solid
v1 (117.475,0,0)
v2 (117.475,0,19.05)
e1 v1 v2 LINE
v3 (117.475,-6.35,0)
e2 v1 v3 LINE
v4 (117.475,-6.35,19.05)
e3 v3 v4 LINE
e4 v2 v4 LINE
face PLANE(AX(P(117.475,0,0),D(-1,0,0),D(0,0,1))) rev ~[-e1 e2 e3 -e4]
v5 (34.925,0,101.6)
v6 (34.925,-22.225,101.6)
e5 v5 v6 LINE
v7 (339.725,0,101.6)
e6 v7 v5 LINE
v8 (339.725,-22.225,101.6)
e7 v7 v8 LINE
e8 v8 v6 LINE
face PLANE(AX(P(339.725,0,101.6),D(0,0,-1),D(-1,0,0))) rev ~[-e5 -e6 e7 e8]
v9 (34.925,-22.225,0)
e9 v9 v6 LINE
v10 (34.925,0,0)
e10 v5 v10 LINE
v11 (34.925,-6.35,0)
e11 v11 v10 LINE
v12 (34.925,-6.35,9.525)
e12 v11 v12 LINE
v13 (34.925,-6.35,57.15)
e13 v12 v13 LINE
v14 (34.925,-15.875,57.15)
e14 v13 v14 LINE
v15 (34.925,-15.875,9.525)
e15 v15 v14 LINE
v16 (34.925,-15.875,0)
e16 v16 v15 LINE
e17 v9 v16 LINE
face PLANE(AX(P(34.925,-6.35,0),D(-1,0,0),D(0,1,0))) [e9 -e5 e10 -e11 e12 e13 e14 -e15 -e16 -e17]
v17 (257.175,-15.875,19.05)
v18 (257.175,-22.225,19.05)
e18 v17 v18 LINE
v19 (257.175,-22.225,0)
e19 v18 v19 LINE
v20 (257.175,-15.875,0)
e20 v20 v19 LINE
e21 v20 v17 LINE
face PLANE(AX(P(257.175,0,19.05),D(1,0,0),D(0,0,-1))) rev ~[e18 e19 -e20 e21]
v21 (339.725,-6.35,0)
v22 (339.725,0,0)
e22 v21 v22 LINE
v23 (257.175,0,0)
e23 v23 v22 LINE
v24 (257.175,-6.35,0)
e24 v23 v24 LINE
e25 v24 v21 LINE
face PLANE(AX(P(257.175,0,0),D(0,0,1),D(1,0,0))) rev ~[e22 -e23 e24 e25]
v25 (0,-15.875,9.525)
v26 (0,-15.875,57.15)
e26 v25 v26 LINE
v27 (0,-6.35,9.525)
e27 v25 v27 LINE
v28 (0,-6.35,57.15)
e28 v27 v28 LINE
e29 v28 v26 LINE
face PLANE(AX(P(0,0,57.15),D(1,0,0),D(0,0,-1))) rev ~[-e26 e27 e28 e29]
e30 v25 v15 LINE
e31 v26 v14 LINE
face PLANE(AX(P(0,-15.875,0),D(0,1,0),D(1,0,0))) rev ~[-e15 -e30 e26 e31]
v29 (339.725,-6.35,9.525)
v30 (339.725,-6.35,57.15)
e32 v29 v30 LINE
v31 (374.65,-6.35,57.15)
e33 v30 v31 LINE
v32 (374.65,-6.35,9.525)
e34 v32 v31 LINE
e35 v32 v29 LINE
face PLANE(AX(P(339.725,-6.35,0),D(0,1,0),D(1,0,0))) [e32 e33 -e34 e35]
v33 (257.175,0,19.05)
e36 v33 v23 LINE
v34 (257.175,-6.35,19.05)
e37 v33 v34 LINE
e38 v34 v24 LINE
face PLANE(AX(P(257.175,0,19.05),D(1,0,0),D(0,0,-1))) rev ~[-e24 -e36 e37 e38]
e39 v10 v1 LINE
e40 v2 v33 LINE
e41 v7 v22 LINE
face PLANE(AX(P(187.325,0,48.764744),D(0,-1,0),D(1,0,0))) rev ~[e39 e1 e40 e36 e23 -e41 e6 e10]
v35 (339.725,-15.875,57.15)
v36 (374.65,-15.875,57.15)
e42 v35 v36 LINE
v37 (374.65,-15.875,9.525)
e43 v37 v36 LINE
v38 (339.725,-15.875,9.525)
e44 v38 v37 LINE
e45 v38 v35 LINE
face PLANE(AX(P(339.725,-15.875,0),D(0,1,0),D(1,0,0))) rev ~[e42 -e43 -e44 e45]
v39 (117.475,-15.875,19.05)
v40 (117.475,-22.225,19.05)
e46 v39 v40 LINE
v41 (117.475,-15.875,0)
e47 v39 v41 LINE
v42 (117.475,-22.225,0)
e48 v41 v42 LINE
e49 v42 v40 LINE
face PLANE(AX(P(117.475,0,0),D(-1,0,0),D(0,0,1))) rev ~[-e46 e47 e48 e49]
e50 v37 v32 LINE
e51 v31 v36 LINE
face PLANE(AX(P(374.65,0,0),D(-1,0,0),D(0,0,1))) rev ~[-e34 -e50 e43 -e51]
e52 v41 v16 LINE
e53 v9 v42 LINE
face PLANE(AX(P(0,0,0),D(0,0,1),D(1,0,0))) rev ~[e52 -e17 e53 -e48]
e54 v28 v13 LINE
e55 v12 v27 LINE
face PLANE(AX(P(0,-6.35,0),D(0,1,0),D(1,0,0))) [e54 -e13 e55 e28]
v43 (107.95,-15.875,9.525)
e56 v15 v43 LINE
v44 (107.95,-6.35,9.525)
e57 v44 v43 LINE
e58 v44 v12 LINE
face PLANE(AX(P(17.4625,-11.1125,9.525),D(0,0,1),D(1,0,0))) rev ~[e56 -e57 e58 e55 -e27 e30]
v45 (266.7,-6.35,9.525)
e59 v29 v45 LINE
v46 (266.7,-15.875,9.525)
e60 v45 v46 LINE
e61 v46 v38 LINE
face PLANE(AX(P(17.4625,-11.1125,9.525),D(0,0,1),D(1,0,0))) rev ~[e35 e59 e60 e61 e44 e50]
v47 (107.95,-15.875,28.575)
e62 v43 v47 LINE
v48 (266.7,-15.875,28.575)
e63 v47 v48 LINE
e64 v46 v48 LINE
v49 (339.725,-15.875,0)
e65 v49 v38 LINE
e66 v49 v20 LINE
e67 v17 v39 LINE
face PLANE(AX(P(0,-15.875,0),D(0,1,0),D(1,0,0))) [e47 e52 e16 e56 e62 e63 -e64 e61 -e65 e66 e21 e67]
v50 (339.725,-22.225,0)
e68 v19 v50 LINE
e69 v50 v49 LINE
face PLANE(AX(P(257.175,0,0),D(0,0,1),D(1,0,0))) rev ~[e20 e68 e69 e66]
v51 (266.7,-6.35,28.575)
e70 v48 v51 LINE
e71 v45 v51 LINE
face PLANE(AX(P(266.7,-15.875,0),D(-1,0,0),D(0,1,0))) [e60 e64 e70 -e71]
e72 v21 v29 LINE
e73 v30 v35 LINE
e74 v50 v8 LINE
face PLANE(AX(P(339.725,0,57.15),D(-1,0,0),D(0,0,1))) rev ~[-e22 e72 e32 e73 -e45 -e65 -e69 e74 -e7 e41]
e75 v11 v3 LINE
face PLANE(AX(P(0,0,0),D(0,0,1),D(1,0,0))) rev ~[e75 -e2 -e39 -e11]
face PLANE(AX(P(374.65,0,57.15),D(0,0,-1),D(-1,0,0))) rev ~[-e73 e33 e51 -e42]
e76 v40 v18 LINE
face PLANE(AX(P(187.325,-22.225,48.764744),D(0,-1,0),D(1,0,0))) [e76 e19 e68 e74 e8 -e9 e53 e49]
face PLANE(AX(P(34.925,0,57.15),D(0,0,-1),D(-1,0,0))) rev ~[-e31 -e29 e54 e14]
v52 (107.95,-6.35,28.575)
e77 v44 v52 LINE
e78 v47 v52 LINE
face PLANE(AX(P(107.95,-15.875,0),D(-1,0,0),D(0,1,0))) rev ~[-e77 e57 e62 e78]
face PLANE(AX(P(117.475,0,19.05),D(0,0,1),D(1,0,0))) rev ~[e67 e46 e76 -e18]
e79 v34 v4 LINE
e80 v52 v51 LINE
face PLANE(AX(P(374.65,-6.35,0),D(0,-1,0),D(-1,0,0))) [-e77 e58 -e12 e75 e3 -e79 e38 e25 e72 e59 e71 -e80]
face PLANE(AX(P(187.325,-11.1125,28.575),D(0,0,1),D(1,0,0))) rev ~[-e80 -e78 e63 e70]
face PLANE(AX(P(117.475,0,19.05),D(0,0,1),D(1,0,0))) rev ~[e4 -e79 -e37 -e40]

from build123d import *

# Parameters (mm, degrees)
F1_DEPTH = 22.225
F2_W     = 34.925
F2_H     = 6.35
F3_DEPTH = 57.15
F2_H_2   = 9.525
F2_W_2   = 73.025
F2_W_3   = 158.75
F4_DEPTH = 9.525
F5_DEPTH = 28.575


with BuildPart() as f1:
    # F0 (on Front) → F1 (new body)
    with BuildSketch(Plane.XZ):
        Polygon((0, 57.15), (0, 0), (117.475, 0), (117.475, 19.05), (257.175, 19.05), (257.175, 0), (374.65, 0), (374.65, 57.15), (339.725, 57.15), (339.725, 101.6), (34.925, 101.6), (34.925, 57.15), align=None)
    extrude(amount=F1_DEPTH)

    # F2 (on Top) → F3 (cut, through all)
    with BuildSketch(Plane.XY):
        with Locations((357.1875, -19.05)):
            Rectangle(F2_W, F2_H)
        with Locations((357.1875, -3.175)):
            Rectangle(F2_W, F2_H)
        with Locations((17.4625, -19.05)):
            Rectangle(F2_W, F2_H)
        with Locations((17.4625, -3.175)):
            Rectangle(F2_W, F2_H)
    extrude(amount=F3_DEPTH, mode=Mode.SUBTRACT)

    # F2 (on Top) → F4 (cut)
    with BuildSketch(Plane.XY):
        with Locations((17.4625, -11.1125)):
            Rectangle(F2_W, F2_H_2)
        with Locations((71.4375, -11.1125)):
            Rectangle(F2_W_2, F2_H_2)
        with Locations((357.1875, -11.1125)):
            Rectangle(F2_W, F2_H_2)
        with Locations((303.2125, -11.1125)):
            Rectangle(F2_W_2, F2_H_2)
        with Locations((187.325, -11.1125)):
            Rectangle(F2_W_3, F2_H_2)
    extrude(amount=F4_DEPTH, mode=Mode.SUBTRACT)

    # F2 (on Top) → F5 (cut)
    with BuildSketch(Plane.XY):
        with Locations((187.325, -11.1125)):
            Rectangle(F2_W_3, F2_H_2)
    extrude(amount=F5_DEPTH, mode=Mode.SUBTRACT)


solid = f1.part
